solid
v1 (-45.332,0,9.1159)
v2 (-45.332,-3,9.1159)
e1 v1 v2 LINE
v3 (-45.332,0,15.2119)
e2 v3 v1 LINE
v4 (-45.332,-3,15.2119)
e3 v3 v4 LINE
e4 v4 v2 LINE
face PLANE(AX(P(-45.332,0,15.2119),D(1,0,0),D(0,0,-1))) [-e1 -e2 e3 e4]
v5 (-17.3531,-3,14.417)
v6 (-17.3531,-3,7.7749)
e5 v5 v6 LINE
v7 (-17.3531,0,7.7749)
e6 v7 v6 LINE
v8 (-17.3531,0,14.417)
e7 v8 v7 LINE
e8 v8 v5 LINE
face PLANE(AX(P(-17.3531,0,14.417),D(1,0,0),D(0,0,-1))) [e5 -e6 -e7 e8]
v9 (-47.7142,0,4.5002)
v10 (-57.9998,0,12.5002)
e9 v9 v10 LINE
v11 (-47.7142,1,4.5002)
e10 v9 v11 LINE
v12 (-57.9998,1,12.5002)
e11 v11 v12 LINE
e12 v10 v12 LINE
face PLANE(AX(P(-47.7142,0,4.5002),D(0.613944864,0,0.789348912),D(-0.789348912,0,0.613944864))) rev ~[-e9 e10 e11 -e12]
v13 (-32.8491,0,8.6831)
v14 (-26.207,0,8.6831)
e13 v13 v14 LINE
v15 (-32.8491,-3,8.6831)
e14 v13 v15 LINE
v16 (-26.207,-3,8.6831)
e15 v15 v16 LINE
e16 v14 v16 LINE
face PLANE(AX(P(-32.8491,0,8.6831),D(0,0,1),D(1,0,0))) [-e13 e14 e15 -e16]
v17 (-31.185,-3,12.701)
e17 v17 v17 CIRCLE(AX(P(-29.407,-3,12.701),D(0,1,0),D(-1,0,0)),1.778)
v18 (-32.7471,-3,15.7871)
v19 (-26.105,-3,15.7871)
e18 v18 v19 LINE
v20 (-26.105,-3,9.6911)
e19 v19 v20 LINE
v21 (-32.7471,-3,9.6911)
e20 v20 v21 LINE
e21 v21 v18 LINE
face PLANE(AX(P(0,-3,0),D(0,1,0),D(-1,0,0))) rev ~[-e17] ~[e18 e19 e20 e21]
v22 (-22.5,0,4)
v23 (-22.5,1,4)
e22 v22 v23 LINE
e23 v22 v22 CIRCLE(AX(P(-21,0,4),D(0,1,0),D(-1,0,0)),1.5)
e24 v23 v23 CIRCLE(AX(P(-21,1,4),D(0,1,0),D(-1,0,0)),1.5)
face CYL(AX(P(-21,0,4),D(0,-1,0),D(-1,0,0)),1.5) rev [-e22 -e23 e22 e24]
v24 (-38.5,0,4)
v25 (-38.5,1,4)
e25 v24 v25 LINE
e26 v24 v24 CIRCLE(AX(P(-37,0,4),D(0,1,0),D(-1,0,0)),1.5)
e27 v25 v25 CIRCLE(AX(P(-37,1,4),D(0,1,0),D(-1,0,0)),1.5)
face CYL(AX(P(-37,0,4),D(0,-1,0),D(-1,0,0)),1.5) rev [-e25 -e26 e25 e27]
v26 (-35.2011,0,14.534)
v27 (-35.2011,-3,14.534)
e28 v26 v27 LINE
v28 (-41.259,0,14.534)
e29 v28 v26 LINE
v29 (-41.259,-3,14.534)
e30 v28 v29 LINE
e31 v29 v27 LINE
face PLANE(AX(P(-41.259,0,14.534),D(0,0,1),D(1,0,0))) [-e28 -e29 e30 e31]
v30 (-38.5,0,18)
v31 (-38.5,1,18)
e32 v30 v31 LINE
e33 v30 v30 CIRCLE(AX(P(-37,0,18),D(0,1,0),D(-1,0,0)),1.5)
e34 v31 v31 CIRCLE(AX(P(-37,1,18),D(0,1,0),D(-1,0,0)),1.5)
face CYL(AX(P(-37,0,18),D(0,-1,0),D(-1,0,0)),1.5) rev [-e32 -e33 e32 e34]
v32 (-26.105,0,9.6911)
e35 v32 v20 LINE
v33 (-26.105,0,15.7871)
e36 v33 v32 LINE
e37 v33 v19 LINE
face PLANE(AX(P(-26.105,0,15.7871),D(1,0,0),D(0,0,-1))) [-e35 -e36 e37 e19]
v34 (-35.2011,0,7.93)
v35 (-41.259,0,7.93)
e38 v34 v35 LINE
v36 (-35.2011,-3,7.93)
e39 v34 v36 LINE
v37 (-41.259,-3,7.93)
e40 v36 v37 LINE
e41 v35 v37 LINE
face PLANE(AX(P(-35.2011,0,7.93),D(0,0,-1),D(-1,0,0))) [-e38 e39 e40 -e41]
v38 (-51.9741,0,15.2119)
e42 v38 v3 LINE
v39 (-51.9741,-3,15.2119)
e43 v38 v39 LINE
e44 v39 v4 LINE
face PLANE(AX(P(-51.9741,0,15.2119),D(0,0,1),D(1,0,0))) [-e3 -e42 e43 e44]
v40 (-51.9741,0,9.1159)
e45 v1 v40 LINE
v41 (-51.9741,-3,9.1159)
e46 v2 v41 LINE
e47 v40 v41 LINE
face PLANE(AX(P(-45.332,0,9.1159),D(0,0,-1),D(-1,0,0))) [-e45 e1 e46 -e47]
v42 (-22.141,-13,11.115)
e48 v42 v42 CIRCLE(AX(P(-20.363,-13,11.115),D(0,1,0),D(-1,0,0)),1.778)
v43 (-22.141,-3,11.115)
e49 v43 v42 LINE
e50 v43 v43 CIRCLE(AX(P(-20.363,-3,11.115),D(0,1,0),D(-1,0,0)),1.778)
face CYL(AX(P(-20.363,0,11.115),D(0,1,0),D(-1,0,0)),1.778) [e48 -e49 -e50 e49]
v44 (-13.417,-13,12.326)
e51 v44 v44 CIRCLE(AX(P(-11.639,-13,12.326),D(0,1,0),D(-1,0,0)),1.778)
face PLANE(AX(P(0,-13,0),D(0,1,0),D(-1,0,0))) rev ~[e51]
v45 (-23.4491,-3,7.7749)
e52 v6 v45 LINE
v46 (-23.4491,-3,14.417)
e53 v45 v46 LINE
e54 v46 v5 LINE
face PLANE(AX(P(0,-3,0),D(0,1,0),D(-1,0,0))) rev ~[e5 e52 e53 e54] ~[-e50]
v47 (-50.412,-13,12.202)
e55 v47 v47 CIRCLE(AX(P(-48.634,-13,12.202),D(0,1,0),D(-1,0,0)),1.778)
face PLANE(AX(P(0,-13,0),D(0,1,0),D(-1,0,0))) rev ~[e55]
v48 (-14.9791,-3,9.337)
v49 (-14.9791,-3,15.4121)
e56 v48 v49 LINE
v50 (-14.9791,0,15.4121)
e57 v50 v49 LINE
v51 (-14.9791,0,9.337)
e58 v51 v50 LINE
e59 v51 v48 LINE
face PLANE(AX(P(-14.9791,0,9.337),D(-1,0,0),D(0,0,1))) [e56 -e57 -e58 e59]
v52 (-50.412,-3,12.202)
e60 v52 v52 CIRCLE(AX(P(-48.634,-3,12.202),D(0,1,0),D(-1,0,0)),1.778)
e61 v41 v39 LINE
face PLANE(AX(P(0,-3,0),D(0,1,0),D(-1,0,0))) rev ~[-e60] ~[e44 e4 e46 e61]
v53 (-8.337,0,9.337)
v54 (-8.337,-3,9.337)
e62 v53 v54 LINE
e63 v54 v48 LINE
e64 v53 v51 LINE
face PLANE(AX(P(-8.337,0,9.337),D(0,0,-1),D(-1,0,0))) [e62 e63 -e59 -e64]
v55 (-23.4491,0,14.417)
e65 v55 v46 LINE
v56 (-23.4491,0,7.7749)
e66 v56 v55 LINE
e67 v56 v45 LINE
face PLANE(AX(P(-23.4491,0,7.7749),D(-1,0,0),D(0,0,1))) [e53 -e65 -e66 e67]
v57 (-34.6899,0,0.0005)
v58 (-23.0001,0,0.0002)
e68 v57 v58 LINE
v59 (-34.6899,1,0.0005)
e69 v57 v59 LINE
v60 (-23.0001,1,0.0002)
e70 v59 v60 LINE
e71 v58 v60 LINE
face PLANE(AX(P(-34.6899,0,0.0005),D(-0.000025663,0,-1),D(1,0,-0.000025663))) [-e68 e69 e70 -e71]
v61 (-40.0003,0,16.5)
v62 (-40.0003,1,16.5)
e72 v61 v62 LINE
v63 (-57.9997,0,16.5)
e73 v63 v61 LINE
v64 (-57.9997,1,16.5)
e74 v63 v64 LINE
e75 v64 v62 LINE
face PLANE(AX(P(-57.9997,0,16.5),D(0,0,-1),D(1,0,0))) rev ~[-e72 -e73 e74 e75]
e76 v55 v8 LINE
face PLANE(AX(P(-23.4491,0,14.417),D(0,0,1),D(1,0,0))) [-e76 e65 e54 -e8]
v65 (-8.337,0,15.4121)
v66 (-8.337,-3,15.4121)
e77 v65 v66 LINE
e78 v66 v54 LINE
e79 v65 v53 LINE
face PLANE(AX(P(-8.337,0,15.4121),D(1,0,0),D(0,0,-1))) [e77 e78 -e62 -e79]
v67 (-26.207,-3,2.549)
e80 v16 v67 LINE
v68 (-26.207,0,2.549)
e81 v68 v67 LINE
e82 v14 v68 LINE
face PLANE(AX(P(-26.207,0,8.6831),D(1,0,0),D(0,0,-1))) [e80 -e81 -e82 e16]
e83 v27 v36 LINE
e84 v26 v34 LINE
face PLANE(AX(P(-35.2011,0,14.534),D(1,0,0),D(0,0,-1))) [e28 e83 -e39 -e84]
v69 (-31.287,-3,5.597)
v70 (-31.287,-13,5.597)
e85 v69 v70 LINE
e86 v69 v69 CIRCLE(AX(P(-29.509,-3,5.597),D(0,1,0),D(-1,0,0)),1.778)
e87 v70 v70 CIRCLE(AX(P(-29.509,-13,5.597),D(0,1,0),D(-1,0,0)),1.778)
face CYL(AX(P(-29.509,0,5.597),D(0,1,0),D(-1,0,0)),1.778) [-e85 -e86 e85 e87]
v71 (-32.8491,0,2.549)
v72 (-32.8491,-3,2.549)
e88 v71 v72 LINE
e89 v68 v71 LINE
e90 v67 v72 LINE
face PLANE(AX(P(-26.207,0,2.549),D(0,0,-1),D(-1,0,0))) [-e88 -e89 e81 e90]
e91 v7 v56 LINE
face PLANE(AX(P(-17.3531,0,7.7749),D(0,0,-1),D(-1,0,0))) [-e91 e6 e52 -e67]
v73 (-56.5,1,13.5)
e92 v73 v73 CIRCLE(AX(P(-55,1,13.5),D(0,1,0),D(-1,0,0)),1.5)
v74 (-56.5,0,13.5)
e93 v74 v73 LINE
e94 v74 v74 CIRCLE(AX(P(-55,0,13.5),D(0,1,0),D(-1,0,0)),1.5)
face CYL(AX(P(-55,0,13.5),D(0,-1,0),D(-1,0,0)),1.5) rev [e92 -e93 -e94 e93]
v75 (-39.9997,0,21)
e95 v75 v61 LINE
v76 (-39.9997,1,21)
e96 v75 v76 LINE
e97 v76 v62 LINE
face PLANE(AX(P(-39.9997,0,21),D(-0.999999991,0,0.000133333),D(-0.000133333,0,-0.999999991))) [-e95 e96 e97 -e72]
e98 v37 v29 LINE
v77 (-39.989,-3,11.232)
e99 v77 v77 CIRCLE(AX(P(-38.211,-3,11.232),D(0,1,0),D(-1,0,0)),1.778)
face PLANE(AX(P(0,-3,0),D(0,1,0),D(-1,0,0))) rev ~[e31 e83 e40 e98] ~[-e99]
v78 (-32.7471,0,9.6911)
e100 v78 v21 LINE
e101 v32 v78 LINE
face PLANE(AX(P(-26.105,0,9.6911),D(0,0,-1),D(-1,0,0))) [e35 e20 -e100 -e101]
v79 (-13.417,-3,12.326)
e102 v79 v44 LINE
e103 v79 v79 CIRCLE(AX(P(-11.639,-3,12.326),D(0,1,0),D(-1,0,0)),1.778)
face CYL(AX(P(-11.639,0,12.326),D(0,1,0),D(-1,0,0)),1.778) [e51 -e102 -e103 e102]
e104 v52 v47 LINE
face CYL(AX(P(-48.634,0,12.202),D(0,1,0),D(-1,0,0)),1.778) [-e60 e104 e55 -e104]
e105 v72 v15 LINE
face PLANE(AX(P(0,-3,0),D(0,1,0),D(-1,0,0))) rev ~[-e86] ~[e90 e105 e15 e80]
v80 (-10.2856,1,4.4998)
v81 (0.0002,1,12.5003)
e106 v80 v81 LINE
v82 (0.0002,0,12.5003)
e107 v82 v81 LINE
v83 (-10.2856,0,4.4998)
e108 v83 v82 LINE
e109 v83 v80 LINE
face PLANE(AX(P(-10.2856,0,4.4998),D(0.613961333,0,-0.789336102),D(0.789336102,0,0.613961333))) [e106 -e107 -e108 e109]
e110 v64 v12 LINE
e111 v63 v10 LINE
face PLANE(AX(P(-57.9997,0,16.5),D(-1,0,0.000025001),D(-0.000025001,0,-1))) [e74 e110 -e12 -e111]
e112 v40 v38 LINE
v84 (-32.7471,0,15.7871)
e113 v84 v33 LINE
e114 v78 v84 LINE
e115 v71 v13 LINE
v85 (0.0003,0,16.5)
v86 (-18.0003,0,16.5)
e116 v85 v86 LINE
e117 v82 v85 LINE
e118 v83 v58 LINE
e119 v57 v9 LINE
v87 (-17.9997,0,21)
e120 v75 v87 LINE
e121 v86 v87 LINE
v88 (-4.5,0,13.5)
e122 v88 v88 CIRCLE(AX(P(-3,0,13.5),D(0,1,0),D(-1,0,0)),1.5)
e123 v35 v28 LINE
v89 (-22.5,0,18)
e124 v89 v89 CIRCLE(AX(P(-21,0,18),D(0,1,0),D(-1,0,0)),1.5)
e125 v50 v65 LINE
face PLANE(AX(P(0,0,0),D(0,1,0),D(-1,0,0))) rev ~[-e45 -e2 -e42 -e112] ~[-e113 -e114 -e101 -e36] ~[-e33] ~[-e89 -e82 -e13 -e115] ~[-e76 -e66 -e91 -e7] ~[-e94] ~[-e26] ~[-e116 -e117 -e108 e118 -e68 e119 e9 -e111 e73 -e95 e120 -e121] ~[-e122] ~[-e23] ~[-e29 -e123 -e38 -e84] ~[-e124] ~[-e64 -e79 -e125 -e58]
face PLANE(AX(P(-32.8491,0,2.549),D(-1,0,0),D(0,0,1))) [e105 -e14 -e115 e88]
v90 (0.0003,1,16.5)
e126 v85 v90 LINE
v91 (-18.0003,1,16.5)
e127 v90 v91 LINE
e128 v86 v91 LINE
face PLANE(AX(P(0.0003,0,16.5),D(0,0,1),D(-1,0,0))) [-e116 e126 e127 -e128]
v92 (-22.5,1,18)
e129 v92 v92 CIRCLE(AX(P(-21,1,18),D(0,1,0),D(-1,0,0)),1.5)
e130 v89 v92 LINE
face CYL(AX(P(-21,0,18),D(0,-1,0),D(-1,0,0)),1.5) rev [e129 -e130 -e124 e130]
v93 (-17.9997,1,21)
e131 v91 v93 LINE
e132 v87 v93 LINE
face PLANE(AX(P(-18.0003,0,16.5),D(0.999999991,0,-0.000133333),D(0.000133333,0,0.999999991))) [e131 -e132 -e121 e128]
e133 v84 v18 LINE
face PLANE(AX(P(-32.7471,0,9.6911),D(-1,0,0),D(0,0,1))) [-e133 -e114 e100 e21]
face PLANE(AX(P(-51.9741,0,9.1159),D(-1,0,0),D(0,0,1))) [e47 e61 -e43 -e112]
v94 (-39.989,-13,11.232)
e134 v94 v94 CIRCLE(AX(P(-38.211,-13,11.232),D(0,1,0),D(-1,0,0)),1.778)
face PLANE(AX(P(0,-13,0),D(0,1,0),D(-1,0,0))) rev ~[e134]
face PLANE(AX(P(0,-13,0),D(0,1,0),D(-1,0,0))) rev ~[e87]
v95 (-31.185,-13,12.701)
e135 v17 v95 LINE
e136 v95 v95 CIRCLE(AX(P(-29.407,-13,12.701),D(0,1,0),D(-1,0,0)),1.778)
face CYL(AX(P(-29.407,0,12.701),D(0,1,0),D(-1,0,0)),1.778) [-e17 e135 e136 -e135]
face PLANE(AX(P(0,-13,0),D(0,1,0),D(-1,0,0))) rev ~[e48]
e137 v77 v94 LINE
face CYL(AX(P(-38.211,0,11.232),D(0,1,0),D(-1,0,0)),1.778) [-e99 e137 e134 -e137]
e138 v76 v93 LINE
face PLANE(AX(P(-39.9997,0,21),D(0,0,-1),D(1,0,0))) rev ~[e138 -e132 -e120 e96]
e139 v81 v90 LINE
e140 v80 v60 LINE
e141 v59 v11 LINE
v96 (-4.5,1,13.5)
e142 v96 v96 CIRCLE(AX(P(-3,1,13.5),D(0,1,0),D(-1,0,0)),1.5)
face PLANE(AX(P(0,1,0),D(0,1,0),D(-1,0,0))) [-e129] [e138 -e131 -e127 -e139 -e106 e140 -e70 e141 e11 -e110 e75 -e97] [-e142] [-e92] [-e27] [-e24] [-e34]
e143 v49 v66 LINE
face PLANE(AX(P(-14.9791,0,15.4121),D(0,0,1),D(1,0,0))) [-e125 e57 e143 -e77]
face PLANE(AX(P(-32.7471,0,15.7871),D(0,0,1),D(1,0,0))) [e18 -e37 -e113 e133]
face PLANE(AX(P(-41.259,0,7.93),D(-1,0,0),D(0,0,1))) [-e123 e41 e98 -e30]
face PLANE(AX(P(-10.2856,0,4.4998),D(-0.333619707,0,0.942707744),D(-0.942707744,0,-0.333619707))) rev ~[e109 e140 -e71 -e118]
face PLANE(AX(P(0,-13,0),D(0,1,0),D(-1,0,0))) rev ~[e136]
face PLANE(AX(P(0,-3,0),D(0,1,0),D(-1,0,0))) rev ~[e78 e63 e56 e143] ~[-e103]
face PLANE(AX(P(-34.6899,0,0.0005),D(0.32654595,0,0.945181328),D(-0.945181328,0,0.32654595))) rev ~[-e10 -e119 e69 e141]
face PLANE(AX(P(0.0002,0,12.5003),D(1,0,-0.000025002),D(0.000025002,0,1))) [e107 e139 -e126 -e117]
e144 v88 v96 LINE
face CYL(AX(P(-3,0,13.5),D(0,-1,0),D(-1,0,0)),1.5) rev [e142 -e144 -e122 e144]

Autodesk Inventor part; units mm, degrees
ref_plane "YZ Plane" through (0, 0, 0) normal (1, 0, 0) x (0, 1, 0)
ref_plane "XZ Plane" through (0, 0, 0) normal (0, 1, 0) x (-1, 0, 0)
ref_plane "XY Plane" through (0, 0, 0) normal (0, 0, 1) x (1, 0, 0)
sketch "Sketch1" plane through (0, 0, 0) normal (0, 1, 0) x (-1, 0, 0)
  circle A0 centre (48.634, 12.202) radius 1.778
  circle A1 centre (29.509, 5.597) radius 1.778
  circle A2 centre (37, 18) radius 1.5
  circle A3 centre (21, 18) radius 1.5
  circle A4 centre (3, 13.5) radius 1.5
  circle A5 centre (21, 4) radius 1.5
  circle A6 centre (37, 4) radius 1.5
  circle A7 centre (55, 13.5) radius 1.5
  circle A8 centre (11.639, 12.326) radius 1.778
  circle A9 centre (20.363, 11.115) radius 1.778
  circle A10 centre (29.407, 12.701) radius 1.778
  circle A11 centre (38.211, 11.232) radius 1.778
  line L0 (10.2856, 4.4998) -> (-0.0002, 12.5003)
  line L1 (34.6899, 0.0005) -> (47.7142, 4.5002)
  line L2 (57.9997, 16.5) -> (40.0003, 16.5)
  line L3 (39.9997, 21) -> (17.9997, 21)
  line L4 (-0.0003, 16.5) -> (18.0003, 16.5)
  line L5 (10.2856, 4.4998) -> (23.0001, 0.0002)
  line L6 (47.7142, 4.5002) -> (57.9998, 12.5002)
  line L7 (57.9997, 16.5) -> (57.9998, 12.5002)
  line L8 (34.6899, 0.0005) -> (23.0001, 0.0002)
  line L9 (-0.0002, 12.5003) -> (-0.0003, 16.5)
  line L10 (18.0003, 16.5) -> (17.9997, 21)
  line L11 (39.9997, 21) -> (40.0003, 16.5)
  line L12 (51.9741, 15.2119) -> (45.332, 15.2119)
  line L13 (45.332, 15.2119) -> (45.332, 9.1159)
  line L14 (45.332, 9.1159) -> (51.9741, 9.1159)
  line L15 (51.9741, 9.1159) -> (51.9741, 15.2119)
  line L16 (41.259, 14.534) -> (35.2011, 14.534)
  line L17 (35.2011, 14.534) -> (35.2011, 7.93)
  line L18 (35.2011, 7.93) -> (41.259, 7.93)
  line L19 (41.259, 7.93) -> (41.259, 14.534)
  line L20 (32.7471, 15.7871) -> (26.105, 15.7871)
  line L21 (26.105, 15.7871) -> (26.105, 9.6911)
  line L22 (26.105, 9.6911) -> (32.7471, 9.6911)
  line L23 (32.7471, 9.6911) -> (32.7471, 15.7871)
  line L24 (32.8491, 8.6831) -> (26.207, 8.6831)
  line L25 (26.207, 8.6831) -> (26.207, 2.549)
  line L26 (26.207, 2.549) -> (32.8491, 2.549)
  line L27 (32.8491, 2.549) -> (32.8491, 8.6831)
  line L28 (23.4491, 14.417) -> (17.3531, 14.417)
  line L29 (17.3531, 14.417) -> (17.3531, 7.7749)
  line L30 (17.3531, 7.7749) -> (23.4491, 7.7749)
  line L31 (23.4491, 7.7749) -> (23.4491, 14.417)
  line L32 (14.9791, 15.4121) -> (8.337, 15.4121)
  line L33 (8.337, 15.4121) -> (8.337, 9.337)
  line L34 (8.337, 9.337) -> (14.9791, 9.337)
  line L35 (14.9791, 9.337) -> (14.9791, 15.4121)
  point P0 (0, 0)
extrude "Extrusion1" add sketch "Sketch1" along normal blind 1 contours A0 | A1 | A8 | A9 | A10 | A11 | L0 L9 L4 L10 L3 L11 L2 L7 L6 L1 L8 L5 | L15 L14 L13 L12 | L19 L18 L17 L16 | L23 L22 L21 L20 | L27 L26 L25 L24 | L31 L30 L29 L28 | L35 L34 L33 L32
extrude "Extrusion2" add sketch "Sketch1" against normal blind 3 contours L15 L14 L13 L12 | L19 L18 L17 L16 | L23 L22 L21 L20 | L27 L26 L25 L24 | L31 L30 L29 L28 | L35 L34 L33 L32
extrude "Extrusion3" add sketch "Sketch1" against normal blind 13 contours A0 | A1 | A8 | A9 | A10 | A11
ref_plane "Work Plane1" through (-28.9998, 0, 12.501) normal (1, 0, 0) x (0, 0, -1)
properties part number "Keyboard1"
